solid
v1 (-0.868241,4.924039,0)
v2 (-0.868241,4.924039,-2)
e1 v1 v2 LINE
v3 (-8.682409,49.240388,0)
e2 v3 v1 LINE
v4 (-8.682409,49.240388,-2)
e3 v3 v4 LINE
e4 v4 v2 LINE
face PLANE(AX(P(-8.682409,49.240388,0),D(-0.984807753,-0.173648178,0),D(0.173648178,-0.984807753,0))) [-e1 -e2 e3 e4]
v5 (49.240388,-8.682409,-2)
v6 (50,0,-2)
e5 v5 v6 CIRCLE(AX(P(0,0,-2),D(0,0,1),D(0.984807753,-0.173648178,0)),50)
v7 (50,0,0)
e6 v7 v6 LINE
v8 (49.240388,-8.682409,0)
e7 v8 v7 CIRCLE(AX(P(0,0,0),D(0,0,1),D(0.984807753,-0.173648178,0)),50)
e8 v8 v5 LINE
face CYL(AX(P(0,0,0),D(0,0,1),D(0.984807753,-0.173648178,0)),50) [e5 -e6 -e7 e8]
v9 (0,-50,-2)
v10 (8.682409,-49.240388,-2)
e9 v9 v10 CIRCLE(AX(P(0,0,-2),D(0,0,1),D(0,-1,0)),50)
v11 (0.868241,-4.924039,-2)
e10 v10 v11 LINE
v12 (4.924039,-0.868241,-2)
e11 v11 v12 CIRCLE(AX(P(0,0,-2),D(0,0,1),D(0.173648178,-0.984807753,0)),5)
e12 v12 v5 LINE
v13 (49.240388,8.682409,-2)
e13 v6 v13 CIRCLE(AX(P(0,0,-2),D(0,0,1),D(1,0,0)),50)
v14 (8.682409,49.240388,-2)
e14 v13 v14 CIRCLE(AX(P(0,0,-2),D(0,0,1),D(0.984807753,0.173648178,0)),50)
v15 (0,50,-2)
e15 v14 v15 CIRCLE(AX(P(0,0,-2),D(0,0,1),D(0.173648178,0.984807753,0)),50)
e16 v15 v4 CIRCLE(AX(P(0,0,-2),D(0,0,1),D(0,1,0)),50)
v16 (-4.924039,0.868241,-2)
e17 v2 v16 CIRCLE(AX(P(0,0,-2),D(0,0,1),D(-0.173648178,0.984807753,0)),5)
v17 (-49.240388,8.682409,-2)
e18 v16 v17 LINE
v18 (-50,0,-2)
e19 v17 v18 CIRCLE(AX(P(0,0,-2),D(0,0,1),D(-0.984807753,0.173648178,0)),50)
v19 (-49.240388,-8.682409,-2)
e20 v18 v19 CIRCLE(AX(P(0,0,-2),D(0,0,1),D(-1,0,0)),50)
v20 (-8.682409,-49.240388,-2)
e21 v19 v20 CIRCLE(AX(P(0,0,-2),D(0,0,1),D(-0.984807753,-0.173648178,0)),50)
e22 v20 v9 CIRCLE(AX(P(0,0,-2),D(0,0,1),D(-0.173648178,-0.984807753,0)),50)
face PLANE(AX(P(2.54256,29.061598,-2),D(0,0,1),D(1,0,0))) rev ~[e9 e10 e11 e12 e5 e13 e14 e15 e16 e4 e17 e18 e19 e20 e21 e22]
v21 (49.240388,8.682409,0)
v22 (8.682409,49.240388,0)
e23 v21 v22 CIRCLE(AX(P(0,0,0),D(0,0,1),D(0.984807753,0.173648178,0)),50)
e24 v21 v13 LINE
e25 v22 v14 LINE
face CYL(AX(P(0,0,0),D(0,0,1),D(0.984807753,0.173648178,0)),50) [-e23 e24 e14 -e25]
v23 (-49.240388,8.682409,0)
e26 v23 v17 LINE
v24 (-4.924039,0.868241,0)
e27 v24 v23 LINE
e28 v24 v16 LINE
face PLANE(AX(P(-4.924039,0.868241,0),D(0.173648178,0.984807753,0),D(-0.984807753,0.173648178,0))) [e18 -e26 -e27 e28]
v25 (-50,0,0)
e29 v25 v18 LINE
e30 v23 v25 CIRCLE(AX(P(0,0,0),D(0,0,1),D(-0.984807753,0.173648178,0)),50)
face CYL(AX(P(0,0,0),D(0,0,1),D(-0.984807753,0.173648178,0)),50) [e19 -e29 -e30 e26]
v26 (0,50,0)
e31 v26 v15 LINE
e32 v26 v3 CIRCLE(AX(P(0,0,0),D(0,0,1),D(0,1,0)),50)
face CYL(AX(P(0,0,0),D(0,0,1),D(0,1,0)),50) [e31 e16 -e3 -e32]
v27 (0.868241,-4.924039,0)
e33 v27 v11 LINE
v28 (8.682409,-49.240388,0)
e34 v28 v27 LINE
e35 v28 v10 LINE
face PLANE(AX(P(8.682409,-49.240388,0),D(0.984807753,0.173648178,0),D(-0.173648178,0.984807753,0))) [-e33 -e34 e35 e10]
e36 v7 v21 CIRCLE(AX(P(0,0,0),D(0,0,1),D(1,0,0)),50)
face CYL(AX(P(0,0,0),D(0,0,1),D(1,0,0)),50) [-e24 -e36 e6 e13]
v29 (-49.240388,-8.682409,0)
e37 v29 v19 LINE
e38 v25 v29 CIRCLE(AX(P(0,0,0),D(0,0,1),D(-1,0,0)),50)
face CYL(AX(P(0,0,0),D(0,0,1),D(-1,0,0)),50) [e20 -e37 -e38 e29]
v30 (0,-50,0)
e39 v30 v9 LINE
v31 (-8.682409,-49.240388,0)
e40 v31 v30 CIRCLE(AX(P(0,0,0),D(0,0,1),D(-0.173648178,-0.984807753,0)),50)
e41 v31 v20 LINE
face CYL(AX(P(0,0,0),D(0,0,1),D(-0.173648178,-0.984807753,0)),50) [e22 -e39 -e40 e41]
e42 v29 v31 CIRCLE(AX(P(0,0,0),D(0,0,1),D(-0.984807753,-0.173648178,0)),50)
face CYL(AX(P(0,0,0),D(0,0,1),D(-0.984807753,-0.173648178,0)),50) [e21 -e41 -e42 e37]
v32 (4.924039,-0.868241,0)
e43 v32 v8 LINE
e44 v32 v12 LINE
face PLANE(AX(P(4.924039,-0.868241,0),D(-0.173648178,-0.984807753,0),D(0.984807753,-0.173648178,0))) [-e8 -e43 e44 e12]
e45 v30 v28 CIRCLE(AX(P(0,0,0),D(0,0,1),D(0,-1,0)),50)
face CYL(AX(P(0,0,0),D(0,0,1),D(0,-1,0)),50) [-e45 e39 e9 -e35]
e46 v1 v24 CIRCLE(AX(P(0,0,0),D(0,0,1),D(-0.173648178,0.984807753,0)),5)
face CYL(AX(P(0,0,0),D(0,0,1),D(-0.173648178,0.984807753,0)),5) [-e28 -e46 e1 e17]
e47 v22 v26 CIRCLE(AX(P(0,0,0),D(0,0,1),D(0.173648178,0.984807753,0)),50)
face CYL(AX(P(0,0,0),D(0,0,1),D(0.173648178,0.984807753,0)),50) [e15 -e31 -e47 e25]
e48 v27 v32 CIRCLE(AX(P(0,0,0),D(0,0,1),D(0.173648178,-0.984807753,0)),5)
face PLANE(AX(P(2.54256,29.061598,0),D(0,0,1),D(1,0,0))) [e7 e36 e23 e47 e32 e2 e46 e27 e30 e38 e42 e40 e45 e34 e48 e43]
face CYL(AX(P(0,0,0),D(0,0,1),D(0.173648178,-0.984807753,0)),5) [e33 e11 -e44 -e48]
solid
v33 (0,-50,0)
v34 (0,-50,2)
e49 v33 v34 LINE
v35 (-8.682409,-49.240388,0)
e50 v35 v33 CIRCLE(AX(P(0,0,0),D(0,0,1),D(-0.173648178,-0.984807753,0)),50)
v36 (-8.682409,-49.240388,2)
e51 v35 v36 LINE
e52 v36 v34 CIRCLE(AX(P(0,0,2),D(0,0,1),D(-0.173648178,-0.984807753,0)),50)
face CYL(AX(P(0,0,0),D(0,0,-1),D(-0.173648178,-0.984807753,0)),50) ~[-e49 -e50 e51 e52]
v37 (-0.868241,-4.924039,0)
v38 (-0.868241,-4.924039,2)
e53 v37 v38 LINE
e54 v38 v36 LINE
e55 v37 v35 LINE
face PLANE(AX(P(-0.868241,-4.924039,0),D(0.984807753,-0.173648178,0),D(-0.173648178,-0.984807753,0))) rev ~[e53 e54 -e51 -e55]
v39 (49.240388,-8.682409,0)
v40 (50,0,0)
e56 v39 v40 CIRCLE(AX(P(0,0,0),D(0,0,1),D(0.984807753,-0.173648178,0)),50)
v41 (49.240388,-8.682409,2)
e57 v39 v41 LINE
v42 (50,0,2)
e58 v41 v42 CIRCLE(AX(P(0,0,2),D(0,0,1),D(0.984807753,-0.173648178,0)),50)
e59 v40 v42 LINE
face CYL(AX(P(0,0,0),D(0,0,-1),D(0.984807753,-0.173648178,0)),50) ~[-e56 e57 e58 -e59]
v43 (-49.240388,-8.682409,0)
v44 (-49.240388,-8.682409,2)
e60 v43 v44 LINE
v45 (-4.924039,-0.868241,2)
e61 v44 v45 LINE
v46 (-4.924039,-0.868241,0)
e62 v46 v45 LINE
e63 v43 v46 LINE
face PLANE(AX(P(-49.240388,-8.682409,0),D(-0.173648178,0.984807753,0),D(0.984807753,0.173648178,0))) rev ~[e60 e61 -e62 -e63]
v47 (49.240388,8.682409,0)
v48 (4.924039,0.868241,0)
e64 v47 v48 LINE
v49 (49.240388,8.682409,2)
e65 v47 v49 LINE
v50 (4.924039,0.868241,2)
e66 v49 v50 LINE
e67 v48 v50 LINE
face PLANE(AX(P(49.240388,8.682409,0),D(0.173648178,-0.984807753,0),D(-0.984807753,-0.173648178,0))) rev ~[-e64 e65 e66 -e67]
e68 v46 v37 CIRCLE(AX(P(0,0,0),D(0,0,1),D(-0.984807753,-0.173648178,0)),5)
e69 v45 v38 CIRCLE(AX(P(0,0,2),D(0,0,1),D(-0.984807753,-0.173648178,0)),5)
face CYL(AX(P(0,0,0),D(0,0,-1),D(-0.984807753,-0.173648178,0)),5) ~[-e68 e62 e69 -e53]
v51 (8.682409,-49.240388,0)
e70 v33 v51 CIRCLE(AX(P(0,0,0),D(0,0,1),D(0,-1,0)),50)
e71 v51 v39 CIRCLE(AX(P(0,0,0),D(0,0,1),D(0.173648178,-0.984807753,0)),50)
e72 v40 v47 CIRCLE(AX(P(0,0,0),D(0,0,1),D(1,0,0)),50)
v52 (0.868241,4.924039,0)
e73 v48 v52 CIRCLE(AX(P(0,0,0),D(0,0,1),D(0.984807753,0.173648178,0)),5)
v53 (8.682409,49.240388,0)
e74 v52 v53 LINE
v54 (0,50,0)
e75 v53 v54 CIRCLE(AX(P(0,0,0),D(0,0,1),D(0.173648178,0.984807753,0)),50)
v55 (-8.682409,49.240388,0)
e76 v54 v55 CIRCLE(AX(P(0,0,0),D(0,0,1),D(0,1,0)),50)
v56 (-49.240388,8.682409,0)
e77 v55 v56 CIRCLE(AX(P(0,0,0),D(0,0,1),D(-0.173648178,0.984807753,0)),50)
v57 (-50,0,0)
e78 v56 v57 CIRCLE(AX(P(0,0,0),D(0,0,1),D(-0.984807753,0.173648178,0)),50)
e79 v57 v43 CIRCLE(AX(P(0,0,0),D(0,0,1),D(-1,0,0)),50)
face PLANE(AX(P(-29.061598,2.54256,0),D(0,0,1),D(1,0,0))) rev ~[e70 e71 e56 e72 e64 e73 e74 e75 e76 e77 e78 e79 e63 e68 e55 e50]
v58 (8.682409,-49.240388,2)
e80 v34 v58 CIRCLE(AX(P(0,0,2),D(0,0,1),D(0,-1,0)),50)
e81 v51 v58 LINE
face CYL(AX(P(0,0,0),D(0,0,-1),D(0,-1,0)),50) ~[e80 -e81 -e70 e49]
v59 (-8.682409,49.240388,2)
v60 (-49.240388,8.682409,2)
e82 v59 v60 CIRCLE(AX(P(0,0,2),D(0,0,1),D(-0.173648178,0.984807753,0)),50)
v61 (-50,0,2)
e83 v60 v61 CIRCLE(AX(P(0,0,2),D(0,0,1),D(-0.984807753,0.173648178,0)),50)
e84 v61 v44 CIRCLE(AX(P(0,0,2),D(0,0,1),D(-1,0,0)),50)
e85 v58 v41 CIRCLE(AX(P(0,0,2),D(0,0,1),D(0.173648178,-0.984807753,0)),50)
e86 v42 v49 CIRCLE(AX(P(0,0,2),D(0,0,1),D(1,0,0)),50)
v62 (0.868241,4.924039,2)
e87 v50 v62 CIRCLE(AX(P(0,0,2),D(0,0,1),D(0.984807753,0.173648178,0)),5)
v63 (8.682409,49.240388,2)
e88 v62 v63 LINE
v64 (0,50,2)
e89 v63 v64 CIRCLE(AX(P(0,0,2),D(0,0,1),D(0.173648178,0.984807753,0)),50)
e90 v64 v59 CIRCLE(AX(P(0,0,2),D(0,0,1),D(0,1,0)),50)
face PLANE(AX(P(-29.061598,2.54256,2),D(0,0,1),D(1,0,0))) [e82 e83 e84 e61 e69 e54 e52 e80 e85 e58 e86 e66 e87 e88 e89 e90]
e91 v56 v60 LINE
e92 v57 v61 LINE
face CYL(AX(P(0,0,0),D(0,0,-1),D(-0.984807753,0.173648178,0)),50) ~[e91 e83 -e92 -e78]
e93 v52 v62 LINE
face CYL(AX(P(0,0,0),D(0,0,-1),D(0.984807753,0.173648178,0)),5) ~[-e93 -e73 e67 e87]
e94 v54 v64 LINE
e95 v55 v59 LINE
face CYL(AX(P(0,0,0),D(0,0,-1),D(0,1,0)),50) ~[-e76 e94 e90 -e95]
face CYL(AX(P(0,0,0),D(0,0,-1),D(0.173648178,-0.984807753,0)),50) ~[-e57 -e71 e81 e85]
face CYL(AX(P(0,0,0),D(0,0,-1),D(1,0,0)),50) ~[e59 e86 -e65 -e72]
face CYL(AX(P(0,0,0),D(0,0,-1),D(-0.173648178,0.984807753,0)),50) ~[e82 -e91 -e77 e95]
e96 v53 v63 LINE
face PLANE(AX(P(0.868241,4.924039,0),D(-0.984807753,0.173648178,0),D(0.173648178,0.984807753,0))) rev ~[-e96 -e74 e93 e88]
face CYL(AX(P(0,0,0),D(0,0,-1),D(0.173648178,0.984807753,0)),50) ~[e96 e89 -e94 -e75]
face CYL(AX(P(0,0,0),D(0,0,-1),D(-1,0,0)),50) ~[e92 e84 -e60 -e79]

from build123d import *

# Parameters (mm, degrees)
F1_DEPTH = 2
F2_DEPTH = 2


with BuildPart() as f1:
    # F0 (on Top) → F1 (new body)
    with BuildSketch(Plane.XY):
        with BuildLine():
            Line((-50, 0), (-5, 0))
            ThreePointArc((-5, 0), (-4.9809734905, 0.4357787137), (-4.9240387651, 0.8682408883))
            Line((-4.9240387651, 0.8682408883), (-49.2403876506, 8.6824088833))
            ThreePointArc((-49.2403876506, 8.6824088833), (-49.8097349046, 4.3577871374), (-50, 0))
        make_face()
        with BuildLine():
            ThreePointArc((-4.9240387651, 0.8682408883), (-3.5355339059, 3.5355339059), (-0.8682408883, 4.9240387651))
            Line((-0.8682408883, 4.9240387651), (-8.6824088833, 49.2403876506))
            ThreePointArc((-8.6824088833, 49.2403876506), (-35.3553390593, 35.3553390593), (-49.2403876506, 8.6824088833))
            Line((-49.2403876506, 8.6824088833), (-4.9240387651, 0.8682408883))
        make_face()
        with BuildLine():
            Line((0, 5), (0, 50))
            ThreePointArc((0, 50), (-4.3577871374, 49.8097349046), (-8.6824088833, 49.2403876506))
            Line((-8.6824088833, 49.2403876506), (-0.8682408883, 4.9240387651))
            ThreePointArc((-0.8682408883, 4.9240387651), (-0.4357787137, 4.9809734905), (0, 5))
        make_face()
        with BuildLine():
            Line((0.8682408883, 4.9240387651), (8.6824088833, 49.2403876506))
            ThreePointArc((8.6824088833, 49.2403876506), (4.3577871374, 49.8097349046), (0, 50))
            Line((0, 50), (0, 5))
            ThreePointArc((0, 5), (0.4357787137, 4.9809734905), (0.8682408883, 4.9240387651))
        make_face()
        with BuildLine():
            Line((-49.2403876506, -8.6824088833), (-4.9240387651, -0.8682408883))
            ThreePointArc((-4.9240387651, -0.8682408883), (-4.9809734905, -0.4357787137), (-5, 0))
            Line((-5, 0), (-50, 0))
            ThreePointArc((-50, 0), (-49.8097349046, -4.3577871374), (-49.2403876506, -8.6824088833))
        make_face()
        with BuildLine():
            Line((5, 0), (50, 0))
            ThreePointArc((50, 0), (49.8097349046, 4.3577871374), (49.2403876506, 8.6824088833))
            Line((49.2403876506, 8.6824088833), (4.9240387651, 0.8682408883))
            ThreePointArc((4.9240387651, 0.8682408883), (4.9809734905, 0.4357787137), (5, 0))
        make_face()
        with BuildLine():
            ThreePointArc((49.2403876506, -8.6824088833), (49.8097349046, -4.3577871374), (50, 0))
            Line((50, 0), (5, 0))
            ThreePointArc((5, 0), (4.9809734905, -0.4357787137), (4.9240387651, -0.8682408883))
            Line((4.9240387651, -0.8682408883), (49.2403876506, -8.6824088833))
        make_face()
        with BuildLine():
            ThreePointArc((8.6824088833, -49.2403876506), (35.3553390593, -35.3553390593), (49.2403876506, -8.6824088833))
            Line((49.2403876506, -8.6824088833), (4.9240387651, -0.8682408883))
            ThreePointArc((4.9240387651, -0.8682408883), (3.5355339059, -3.5355339059), (0.8682408883, -4.9240387651))
            Line((0.8682408883, -4.9240387651), (8.6824088833, -49.2403876506))
        make_face()
        with BuildLine():
            ThreePointArc((0, -50), (4.3577871374, -49.8097349046), (8.6824088833, -49.2403876506))
            Line((8.6824088833, -49.2403876506), (0.8682408883, -4.9240387651))
            ThreePointArc((0.8682408883, -4.9240387651), (0.4357787137, -4.9809734905), (0, -5))
            Line((0, -5), (0, -50))
        make_face()
        with BuildLine():
            ThreePointArc((-8.6824088833, -49.2403876506), (-4.3577871374, -49.8097349046), (0, -50))
            Line((0, -50), (0, -5))
            ThreePointArc((0, -5), (-0.4357787137, -4.9809734905), (-0.8682408883, -4.9240387651))
            Line((-0.8682408883, -4.9240387651), (-8.6824088833, -49.2403876506))
        make_face()
        with BuildLine():
            Line((-4.9240387651, -0.8682408883), (0, 0))
            Line((0, 0), (-5, 0))
            ThreePointArc((-5, 0), (-4.9809734905, -0.4357787137), (-4.9240387651, -0.8682408883))
        make_face()
        with BuildLine():
            Line((-5, 0), (0, 0))
            Line((0, 0), (-4.9240387651, 0.8682408883))
            ThreePointArc((-4.9240387651, 0.8682408883), (-4.9809734905, 0.4357787137), (-5, 0))
        make_face()
        with BuildLine():
            Line((-4.9240387651, 0.8682408883), (0, 0))
            Line((0, 0), (-0.8682408883, 4.9240387651))
            ThreePointArc((-0.8682408883, 4.9240387651), (-3.5355339059, 3.5355339059), (-4.9240387651, 0.8682408883))
        make_face()
        with BuildLine():
            Line((-0.8682408883, 4.9240387651), (0, 0))
            Line((0, 0), (0, 5))
            ThreePointArc((0, 5), (-0.4357787137, 4.9809734905), (-0.8682408883, 4.9240387651))
        make_face()
        with BuildLine():
            Line((0, 5), (0, 0))
            Line((0, 0), (0.8682408883, 4.9240387651))
            ThreePointArc((0.8682408883, 4.9240387651), (0.4357787137, 4.9809734905), (0, 5))
        make_face()
        with BuildLine():
            Line((0, 0), (4.9240387651, 0.8682408883))
            ThreePointArc((4.9240387651, 0.8682408883), (3.5355339059, 3.5355339059), (0.8682408883, 4.9240387651))
            Line((0.8682408883, 4.9240387651), (0, 0))
        make_face()
        with BuildLine():
            Line((0, 0), (5, 0))
            ThreePointArc((5, 0), (4.9809734905, 0.4357787137), (4.9240387651, 0.8682408883))
            Line((4.9240387651, 0.8682408883), (0, 0))
        make_face()
        with BuildLine():
            ThreePointArc((4.9240387651, -0.8682408883), (4.9809734905, -0.4357787137), (5, 0))
            Line((5, 0), (0, 0))
            Line((0, 0), (4.9240387651, -0.8682408883))
        make_face()
        with BuildLine():
            ThreePointArc((0.8682408883, -4.9240387651), (3.5355339059, -3.5355339059), (4.9240387651, -0.8682408883))
            Line((4.9240387651, -0.8682408883), (0, 0))
            Line((0, 0), (0.8682408883, -4.9240387651))
        make_face()
        with BuildLine():
            Line((0.8682408883, -4.9240387651), (0, 0))
            Line((0, 0), (0, -5))
            ThreePointArc((0, -5), (0.4357787137, -4.9809734905), (0.8682408883, -4.9240387651))
        make_face()
        with BuildLine():
            Line((0, -5), (0, 0))
            Line((0, 0), (-0.8682408883, -4.9240387651))
            ThreePointArc((-0.8682408883, -4.9240387651), (-0.4357787137, -4.9809734905), (0, -5))
        make_face()
        with BuildLine():
            Line((-0.8682408883, -4.9240387651), (0, 0))
            Line((0, 0), (-4.9240387651, -0.8682408883))
            ThreePointArc((-4.9240387651, -0.8682408883), (-3.5355339059, -3.5355339059), (-0.8682408883, -4.9240387651))
        make_face()
    extrude(amount=F1_DEPTH)


with BuildPart() as f2:
    # F0 (on Top) → F2 (new body)
    with BuildSketch(Plane.XY):
        with BuildLine():
            Line((0.8682408883, 4.9240387651), (8.6824088833, 49.2403876506))
            ThreePointArc((8.6824088833, 49.2403876506), (4.3577871374, 49.8097349046), (0, 50))
            Line((0, 50), (0, 5))
            ThreePointArc((0, 5), (0.4357787137, 4.9809734905), (0.8682408883, 4.9240387651))
        make_face()
        with BuildLine():
            Line((0, 5), (0, 50))
            ThreePointArc((0, 50), (-4.3577871374, 49.8097349046), (-8.6824088833, 49.2403876506))
            Line((-8.6824088833, 49.2403876506), (-0.8682408883, 4.9240387651))
            ThreePointArc((-0.8682408883, 4.9240387651), (-0.4357787137, 4.9809734905), (0, 5))
        make_face()
        with BuildLine():
            Line((4.9240387651, 0.8682408883), (49.2403876506, 8.6824088833))
            ThreePointArc((49.2403876506, 8.6824088833), (35.3553390593, 35.3553390593), (8.6824088833, 49.2403876506))
            Line((8.6824088833, 49.2403876506), (0.8682408883, 4.9240387651))
            ThreePointArc((0.8682408883, 4.9240387651), (3.5355339059, 3.5355339059), (4.9240387651, 0.8682408883))
        make_face()
        with BuildLine():
            Line((5, 0), (50, 0))
            ThreePointArc((50, 0), (49.8097349046, 4.3577871374), (49.2403876506, 8.6824088833))
            Line((49.2403876506, 8.6824088833), (4.9240387651, 0.8682408883))
            ThreePointArc((4.9240387651, 0.8682408883), (4.9809734905, 0.4357787137), (5, 0))
        make_face()
        with BuildLine():
            ThreePointArc((49.2403876506, -8.6824088833), (49.8097349046, -4.3577871374), (50, 0))
            Line((50, 0), (5, 0))
            ThreePointArc((5, 0), (4.9809734905, -0.4357787137), (4.9240387651, -0.8682408883))
            Line((4.9240387651, -0.8682408883), (49.2403876506, -8.6824088833))
        make_face()
        with BuildLine():
            Line((-50, 0), (-5, 0))
            ThreePointArc((-5, 0), (-4.9809734905, 0.4357787137), (-4.9240387651, 0.8682408883))
            Line((-4.9240387651, 0.8682408883), (-49.2403876506, 8.6824088833))
            ThreePointArc((-49.2403876506, 8.6824088833), (-49.8097349046, 4.3577871374), (-50, 0))
        make_face()
        with BuildLine():
            Line((-49.2403876506, -8.6824088833), (-4.9240387651, -0.8682408883))
            ThreePointArc((-4.9240387651, -0.8682408883), (-4.9809734905, -0.4357787137), (-5, 0))
            Line((-5, 0), (-50, 0))
            ThreePointArc((-50, 0), (-49.8097349046, -4.3577871374), (-49.2403876506, -8.6824088833))
        make_face()
        with BuildLine():
            ThreePointArc((-0.8682408883, -4.9240387651), (-3.5355339059, -3.5355339059), (-4.9240387651, -0.8682408883))
            Line((-4.9240387651, -0.8682408883), (-49.2403876506, -8.6824088833))
            ThreePointArc((-49.2403876506, -8.6824088833), (-35.3553390593, -35.3553390593), (-8.6824088833, -49.2403876506))
            Line((-8.6824088833, -49.2403876506), (-0.8682408883, -4.9240387651))
        make_face()
        with BuildLine():
            ThreePointArc((-8.6824088833, -49.2403876506), (-4.3577871374, -49.8097349046), (0, -50))
            Line((0, -50), (0, -5))
            ThreePointArc((0, -5), (-0.4357787137, -4.9809734905), (-0.8682408883, -4.9240387651))
            Line((-0.8682408883, -4.9240387651), (-8.6824088833, -49.2403876506))
        make_face()
        with BuildLine():
            ThreePointArc((0, -50), (4.3577871374, -49.8097349046), (8.6824088833, -49.2403876506))
            Line((8.6824088833, -49.2403876506), (0.8682408883, -4.9240387651))
            ThreePointArc((0.8682408883, -4.9240387651), (0.4357787137, -4.9809734905), (0, -5))
            Line((0, -5), (0, -50))
        make_face()
        with BuildLine():
            Line((0, 0), (4.9240387651, 0.8682408883))
            ThreePointArc((4.9240387651, 0.8682408883), (3.5355339059, 3.5355339059), (0.8682408883, 4.9240387651))
            Line((0.8682408883, 4.9240387651), (0, 0))
        make_face()
        with BuildLine():
            Line((0, 5), (0, 0))
            Line((0, 0), (0.8682408883, 4.9240387651))
            ThreePointArc((0.8682408883, 4.9240387651), (0.4357787137, 4.9809734905), (0, 5))
        make_face()
        with BuildLine():
            Line((-0.8682408883, 4.9240387651), (0, 0))
            Line((0, 0), (0, 5))
            ThreePointArc((0, 5), (-0.4357787137, 4.9809734905), (-0.8682408883, 4.9240387651))
        make_face()
        with BuildLine():
            Line((-4.9240387651, 0.8682408883), (0, 0))
            Line((0, 0), (-0.8682408883, 4.9240387651))
            ThreePointArc((-0.8682408883, 4.9240387651), (-3.5355339059, 3.5355339059), (-4.9240387651, 0.8682408883))
        make_face()
        with BuildLine():
            Line((-5, 0), (0, 0))
            Line((0, 0), (-4.9240387651, 0.8682408883))
            ThreePointArc((-4.9240387651, 0.8682408883), (-4.9809734905, 0.4357787137), (-5, 0))
        make_face()
        with BuildLine():
            Line((-4.9240387651, -0.8682408883), (0, 0))
            Line((0, 0), (-5, 0))
            ThreePointArc((-5, 0), (-4.9809734905, -0.4357787137), (-4.9240387651, -0.8682408883))
        make_face()
        with BuildLine():
            Line((-0.8682408883, -4.9240387651), (0, 0))
            Line((0, 0), (-4.9240387651, -0.8682408883))
            ThreePointArc((-4.9240387651, -0.8682408883), (-3.5355339059, -3.5355339059), (-0.8682408883, -4.9240387651))
        make_face()
        with BuildLine():
            Line((0, -5), (0, 0))
            Line((0, 0), (-0.8682408883, -4.9240387651))
            ThreePointArc((-0.8682408883, -4.9240387651), (-0.4357787137, -4.9809734905), (0, -5))
        make_face()
        with BuildLine():
            Line((0.8682408883, -4.9240387651), (0, 0))
            Line((0, 0), (0, -5))
            ThreePointArc((0, -5), (0.4357787137, -4.9809734905), (0.8682408883, -4.9240387651))
        make_face()
        with BuildLine():
            ThreePointArc((0.8682408883, -4.9240387651), (3.5355339059, -3.5355339059), (4.9240387651, -0.8682408883))
            Line((4.9240387651, -0.8682408883), (0, 0))
            Line((0, 0), (0.8682408883, -4.9240387651))
        make_face()
        with BuildLine():
            Line((0, 0), (5, 0))
            ThreePointArc((5, 0), (4.9809734905, 0.4357787137), (4.9240387651, 0.8682408883))
            Line((4.9240387651, 0.8682408883), (0, 0))
        make_face()
        with BuildLine():
            ThreePointArc((4.9240387651, -0.8682408883), (4.9809734905, -0.4357787137), (5, 0))
            Line((5, 0), (0, 0))
            Line((0, 0), (4.9240387651, -0.8682408883))
        make_face()
    extrude(amount=-F2_DEPTH)


solid = Compound([f1.part, f2.part])
